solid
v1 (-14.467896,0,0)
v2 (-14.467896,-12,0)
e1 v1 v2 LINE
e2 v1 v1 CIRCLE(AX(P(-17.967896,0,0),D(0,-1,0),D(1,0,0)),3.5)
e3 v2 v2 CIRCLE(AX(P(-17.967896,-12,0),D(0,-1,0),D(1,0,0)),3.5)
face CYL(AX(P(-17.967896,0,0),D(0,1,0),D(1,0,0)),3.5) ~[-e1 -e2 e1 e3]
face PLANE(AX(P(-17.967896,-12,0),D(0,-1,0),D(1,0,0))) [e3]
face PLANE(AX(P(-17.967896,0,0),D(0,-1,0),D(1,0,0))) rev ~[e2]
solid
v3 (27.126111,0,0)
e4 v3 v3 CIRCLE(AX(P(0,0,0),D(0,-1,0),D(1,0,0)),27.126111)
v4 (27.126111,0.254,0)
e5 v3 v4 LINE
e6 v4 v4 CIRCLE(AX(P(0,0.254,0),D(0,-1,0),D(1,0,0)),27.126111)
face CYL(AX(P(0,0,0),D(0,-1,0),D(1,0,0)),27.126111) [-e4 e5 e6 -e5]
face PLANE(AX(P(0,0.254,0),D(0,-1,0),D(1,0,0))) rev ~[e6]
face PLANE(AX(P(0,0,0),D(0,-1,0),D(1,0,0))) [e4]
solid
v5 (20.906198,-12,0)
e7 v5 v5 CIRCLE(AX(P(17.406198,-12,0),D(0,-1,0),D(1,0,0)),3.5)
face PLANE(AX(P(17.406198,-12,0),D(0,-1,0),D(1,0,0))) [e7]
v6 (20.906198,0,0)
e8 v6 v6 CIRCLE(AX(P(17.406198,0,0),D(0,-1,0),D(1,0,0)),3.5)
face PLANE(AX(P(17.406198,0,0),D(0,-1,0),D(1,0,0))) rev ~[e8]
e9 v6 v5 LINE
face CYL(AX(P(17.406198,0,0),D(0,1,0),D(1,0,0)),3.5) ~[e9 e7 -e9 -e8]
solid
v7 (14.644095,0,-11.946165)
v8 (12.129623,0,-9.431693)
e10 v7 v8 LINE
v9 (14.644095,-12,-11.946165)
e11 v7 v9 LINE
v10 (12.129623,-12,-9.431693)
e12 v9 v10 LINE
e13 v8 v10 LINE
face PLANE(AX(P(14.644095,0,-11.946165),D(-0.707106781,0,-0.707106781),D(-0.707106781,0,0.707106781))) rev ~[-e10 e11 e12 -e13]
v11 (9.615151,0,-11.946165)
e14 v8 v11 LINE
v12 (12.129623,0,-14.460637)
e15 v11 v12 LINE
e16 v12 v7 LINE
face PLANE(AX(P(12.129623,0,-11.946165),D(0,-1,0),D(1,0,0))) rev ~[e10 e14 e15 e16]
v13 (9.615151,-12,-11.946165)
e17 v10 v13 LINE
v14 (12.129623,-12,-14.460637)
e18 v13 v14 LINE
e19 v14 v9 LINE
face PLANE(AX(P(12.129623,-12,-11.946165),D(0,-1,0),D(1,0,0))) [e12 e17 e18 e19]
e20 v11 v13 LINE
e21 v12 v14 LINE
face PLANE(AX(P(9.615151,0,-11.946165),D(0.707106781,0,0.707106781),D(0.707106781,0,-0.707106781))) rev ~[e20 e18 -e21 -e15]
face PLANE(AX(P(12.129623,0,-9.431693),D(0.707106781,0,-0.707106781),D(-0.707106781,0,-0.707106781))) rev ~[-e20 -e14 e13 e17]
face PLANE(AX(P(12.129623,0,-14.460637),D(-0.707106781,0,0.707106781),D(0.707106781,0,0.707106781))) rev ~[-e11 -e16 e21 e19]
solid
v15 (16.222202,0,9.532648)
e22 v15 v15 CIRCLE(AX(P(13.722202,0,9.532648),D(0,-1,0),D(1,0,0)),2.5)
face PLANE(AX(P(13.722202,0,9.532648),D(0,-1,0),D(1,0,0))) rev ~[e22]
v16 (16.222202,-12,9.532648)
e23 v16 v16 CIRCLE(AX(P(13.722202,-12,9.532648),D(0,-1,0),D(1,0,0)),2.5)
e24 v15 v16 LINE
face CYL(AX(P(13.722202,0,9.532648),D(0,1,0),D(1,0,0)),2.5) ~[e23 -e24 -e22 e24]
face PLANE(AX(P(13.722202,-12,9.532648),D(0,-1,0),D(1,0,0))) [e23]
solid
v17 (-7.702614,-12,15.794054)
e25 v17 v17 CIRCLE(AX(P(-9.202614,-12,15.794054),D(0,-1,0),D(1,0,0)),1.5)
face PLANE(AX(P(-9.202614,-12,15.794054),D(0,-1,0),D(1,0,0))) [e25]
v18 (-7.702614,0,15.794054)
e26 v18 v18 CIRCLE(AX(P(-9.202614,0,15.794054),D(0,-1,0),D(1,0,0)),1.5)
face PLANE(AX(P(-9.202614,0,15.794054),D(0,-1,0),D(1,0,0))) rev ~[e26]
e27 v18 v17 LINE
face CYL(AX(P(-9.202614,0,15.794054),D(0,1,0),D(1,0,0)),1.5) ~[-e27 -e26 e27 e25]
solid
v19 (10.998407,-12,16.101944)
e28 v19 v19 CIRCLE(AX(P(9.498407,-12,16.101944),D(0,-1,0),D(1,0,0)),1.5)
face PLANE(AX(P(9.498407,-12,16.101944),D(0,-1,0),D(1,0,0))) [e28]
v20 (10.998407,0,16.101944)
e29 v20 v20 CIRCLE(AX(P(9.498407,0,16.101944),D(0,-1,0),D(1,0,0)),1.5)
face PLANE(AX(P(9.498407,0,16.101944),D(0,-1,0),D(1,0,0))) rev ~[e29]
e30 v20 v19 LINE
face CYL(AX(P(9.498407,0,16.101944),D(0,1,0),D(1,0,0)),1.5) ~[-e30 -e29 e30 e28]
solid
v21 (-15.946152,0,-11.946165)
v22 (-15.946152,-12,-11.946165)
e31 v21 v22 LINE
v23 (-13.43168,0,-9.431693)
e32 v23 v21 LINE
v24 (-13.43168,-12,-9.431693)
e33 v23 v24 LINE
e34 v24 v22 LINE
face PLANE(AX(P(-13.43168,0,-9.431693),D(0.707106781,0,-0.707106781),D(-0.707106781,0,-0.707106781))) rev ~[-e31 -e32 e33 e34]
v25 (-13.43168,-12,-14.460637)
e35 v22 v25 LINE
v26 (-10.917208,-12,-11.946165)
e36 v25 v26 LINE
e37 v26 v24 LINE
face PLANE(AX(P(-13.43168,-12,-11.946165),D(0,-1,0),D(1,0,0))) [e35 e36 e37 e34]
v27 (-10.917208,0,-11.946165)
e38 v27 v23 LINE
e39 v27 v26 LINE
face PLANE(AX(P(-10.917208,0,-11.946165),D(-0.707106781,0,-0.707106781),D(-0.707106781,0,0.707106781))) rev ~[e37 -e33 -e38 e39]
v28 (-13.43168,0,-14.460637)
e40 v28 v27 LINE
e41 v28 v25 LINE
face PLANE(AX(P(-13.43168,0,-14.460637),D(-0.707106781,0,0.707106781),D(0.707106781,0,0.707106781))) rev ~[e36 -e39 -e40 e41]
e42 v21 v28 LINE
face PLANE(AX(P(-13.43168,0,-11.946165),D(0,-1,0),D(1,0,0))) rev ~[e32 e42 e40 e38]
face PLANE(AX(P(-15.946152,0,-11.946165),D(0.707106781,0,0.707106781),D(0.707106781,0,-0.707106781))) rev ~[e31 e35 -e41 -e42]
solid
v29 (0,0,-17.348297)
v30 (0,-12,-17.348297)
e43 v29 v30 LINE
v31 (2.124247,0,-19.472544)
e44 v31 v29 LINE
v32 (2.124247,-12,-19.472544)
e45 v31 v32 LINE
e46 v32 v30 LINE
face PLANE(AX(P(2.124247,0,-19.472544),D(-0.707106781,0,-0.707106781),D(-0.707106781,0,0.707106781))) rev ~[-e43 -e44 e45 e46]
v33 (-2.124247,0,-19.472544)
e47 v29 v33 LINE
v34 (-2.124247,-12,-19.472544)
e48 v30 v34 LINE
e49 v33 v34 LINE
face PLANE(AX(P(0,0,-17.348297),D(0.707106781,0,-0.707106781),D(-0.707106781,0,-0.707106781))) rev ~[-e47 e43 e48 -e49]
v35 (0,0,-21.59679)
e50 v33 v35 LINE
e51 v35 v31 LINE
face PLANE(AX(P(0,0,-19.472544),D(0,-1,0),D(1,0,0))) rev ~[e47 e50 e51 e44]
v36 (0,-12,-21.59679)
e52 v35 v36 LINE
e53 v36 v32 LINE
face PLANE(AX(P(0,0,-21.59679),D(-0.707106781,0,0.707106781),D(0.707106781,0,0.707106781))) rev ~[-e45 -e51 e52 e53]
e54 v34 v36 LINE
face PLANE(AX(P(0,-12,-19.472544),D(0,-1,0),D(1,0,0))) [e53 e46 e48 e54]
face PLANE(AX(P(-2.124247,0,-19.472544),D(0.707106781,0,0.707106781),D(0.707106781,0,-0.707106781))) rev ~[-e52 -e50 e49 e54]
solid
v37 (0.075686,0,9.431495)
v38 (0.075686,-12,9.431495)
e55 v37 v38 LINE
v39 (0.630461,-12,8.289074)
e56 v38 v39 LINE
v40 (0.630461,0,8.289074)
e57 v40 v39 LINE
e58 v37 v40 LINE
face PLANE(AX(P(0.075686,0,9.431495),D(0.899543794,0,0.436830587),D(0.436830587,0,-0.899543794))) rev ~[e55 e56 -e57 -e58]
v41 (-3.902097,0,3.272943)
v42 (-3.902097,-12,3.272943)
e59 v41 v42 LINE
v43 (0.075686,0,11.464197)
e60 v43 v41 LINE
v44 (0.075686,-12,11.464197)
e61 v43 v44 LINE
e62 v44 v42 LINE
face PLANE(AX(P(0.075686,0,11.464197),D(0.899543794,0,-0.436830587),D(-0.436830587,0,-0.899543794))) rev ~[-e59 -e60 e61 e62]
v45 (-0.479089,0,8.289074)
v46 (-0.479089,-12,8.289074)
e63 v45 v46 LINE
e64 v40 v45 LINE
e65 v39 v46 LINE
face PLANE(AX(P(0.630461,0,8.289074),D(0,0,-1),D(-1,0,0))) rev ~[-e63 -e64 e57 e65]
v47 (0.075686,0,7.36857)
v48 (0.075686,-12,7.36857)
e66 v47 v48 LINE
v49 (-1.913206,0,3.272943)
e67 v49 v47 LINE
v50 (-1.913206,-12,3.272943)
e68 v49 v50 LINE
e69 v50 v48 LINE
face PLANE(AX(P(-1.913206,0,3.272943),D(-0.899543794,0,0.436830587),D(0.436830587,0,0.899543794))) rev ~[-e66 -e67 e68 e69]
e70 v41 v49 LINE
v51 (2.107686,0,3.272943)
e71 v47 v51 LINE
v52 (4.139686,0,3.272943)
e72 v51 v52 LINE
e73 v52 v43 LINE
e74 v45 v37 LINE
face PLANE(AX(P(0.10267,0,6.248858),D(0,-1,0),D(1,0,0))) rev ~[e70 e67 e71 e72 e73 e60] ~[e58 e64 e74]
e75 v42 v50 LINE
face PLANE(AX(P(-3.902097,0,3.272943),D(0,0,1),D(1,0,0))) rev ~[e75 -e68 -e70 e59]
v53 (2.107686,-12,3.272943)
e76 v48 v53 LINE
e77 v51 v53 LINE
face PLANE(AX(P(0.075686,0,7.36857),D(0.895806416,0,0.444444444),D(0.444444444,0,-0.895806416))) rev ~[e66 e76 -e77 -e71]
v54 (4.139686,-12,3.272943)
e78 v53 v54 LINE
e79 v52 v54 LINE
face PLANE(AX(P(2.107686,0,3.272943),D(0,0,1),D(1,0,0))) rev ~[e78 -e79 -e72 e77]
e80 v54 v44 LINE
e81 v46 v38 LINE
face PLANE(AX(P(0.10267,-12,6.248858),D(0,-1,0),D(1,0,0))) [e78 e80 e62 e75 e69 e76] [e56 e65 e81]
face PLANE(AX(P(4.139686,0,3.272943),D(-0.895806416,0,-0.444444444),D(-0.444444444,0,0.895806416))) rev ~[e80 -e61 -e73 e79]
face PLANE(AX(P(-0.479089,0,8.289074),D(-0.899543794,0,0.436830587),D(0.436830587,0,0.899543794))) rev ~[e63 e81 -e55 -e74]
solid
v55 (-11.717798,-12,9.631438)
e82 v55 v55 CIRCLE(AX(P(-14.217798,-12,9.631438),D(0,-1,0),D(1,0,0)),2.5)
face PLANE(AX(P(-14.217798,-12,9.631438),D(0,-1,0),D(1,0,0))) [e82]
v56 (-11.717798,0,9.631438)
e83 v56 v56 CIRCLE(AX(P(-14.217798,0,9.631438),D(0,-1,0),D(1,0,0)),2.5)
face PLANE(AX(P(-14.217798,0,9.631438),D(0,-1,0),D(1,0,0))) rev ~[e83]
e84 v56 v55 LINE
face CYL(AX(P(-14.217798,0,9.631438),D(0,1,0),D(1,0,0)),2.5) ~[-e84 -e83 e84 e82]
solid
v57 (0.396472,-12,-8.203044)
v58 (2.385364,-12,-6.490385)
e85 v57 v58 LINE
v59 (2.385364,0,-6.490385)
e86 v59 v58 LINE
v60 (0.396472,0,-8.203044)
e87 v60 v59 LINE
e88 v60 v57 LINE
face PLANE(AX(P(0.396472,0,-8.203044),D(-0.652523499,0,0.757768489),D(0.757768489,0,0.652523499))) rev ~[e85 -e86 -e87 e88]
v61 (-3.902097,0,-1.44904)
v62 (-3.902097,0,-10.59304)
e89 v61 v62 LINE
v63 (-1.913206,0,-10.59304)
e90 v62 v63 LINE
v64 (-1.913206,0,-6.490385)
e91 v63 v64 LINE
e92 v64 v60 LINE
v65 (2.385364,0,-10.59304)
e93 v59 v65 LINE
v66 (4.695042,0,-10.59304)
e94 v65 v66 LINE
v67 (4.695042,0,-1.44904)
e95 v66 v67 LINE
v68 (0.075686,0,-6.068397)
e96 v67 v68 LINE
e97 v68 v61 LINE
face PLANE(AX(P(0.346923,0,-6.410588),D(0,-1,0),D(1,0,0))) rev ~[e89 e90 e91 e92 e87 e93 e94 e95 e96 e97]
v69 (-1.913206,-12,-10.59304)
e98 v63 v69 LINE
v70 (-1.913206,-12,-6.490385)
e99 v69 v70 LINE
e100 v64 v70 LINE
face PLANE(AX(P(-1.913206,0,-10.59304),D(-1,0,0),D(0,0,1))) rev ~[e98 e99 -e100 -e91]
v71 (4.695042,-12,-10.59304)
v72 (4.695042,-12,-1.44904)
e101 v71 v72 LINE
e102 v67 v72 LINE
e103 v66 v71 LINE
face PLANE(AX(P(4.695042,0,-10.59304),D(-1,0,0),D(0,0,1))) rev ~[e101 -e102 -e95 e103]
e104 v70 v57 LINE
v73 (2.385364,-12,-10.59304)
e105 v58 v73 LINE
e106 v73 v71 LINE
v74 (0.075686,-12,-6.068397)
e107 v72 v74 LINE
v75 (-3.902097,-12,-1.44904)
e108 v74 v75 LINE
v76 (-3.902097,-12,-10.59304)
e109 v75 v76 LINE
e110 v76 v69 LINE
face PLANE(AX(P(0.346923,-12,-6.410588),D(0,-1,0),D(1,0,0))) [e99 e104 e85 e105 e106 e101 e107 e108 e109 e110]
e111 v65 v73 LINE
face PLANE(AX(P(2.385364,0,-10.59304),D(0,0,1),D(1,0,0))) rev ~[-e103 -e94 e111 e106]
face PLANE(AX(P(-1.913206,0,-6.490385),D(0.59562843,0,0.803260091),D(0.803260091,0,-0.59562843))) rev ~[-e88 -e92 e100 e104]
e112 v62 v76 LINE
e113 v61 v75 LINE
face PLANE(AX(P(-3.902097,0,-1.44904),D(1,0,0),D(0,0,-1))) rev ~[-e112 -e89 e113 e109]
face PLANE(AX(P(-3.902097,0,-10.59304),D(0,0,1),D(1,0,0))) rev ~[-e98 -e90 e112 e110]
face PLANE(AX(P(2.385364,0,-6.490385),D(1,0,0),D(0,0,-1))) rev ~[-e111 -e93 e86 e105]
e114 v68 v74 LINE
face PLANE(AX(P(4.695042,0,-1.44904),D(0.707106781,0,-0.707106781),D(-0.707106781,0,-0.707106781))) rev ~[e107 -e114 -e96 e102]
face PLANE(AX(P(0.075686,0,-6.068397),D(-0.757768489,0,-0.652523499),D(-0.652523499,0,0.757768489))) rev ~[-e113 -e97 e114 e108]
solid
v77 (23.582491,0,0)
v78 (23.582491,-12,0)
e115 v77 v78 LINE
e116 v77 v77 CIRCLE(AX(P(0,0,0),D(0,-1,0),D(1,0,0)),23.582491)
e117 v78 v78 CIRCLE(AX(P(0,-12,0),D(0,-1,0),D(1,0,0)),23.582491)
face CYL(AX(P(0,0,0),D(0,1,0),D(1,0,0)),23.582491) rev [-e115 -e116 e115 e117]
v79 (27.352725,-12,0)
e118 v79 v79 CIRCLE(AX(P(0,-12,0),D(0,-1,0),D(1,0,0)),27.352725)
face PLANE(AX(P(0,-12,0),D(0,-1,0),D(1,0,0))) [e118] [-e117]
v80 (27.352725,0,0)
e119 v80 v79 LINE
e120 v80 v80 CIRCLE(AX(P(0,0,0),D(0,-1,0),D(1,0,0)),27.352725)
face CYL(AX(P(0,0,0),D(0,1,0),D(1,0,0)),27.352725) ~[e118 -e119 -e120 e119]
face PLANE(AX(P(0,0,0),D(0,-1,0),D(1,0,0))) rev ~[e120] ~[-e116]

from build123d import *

# Parameters (mm, degrees)
F0_R     = 3.5
F1_DEPTH = 12
F0_R_2   = 1.5
F0_R_3   = 2.5
F0_R_4   = 27.3527253219
F0_R_5   = 23.5824909137
F2_R     = 27.1261109812
F3_DEPTH = 0.254


with BuildPart() as f1:
    # F0 (on Front) → F1 (new body)
    with BuildSketch(Plane.XZ):
        with Locations((17.4061976158, 0)):
            Circle(F0_R)
    extrude(amount=F1_DEPTH)


with BuildPart() as f1b:
    # F0 (on Front) → F1, piece 2 (new body)
    with BuildSketch(Plane.XZ):
        with Locations((9.4984066482, 16.101944412)):
            Circle(F0_R_2)
    extrude(amount=F1_DEPTH)


with BuildPart() as f1c:
    # F0 (on Front) → F1, piece 3 (new body)
    with BuildSketch(Plane.XZ):
        with Locations((-9.2026143736, 15.7940543255)):
            Circle(F0_R_2)
    extrude(amount=F1_DEPTH)


with BuildPart() as f1d:
    # F0 (on Front) → F1, piece 4 (new body)
    with BuildSketch(Plane.XZ):
        with Locations((-14.2177977405, 9.6314383245)):
            Circle(F0_R_3)
    extrude(amount=F1_DEPTH)


with BuildPart() as f1e:
    # F0 (on Front) → F1, piece 5 (new body)
    with BuildSketch(Plane.XZ):
        with Locations((13.7222022595, 9.5326483588)):
            Circle(F0_R_3)
    extrude(amount=F1_DEPTH)


with BuildPart() as f1f:
    # F0 (on Front) → F1, piece 6 (new body)
    with BuildSketch(Plane.XZ):
        Circle(F0_R_4)
        Circle(F0_R_5, mode=Mode.SUBTRACT)
    extrude(amount=F1_DEPTH)


with BuildPart() as f1g:
    # F0 (on Front) → F1, piece 7 (new body)
    with BuildSketch(Plane.XZ):
        with Locations((-17.9678955535, 0)):
            Circle(F0_R)
    extrude(amount=F1_DEPTH)


with BuildPart() as f1h:
    # F0 (on Front) → F1, piece 8 (new body)
    with BuildSketch(Plane.XZ):
        Polygon((0.0756857552, -6.0683971426), (-3.9020974945, -1.4490404322), (-3.9020974945, -10.5930404322), (-1.9132058697, -10.5930404322), (-1.9132058697, -6.4903854548), (0.3964724856, -8.2030437937), (2.3853641104, -6.4903854548), (2.3853641104, -10.5930404322), (4.6950424656, -10.5930404322), (4.6950424656, -1.4490404322), align=None)
    extrude(amount=F1_DEPTH)


with BuildPart() as f1i:
    # F0 (on Front) → F1, piece 9 (new body)
    with BuildSketch(Plane.XZ):
        Polygon((12.1296229255, -9.431693289), (9.6151512116, -11.9461650029), (12.1296229255, -14.4606367168), (14.6440946394, -11.9461650029), align=None)
    extrude(amount=F1_DEPTH)


with BuildPart() as f1j:
    # F0 (on Front) → F1, piece 10 (new body)
    with BuildSketch(Plane.XZ):
        Polygon((2.1242466944, -19.4725436347), (0, -17.3482969403), (-2.1242466944, -19.4725436347), (0, -21.596790329), align=None)
    extrude(amount=F1_DEPTH)


with BuildPart() as f1k:
    # F0 (on Front) → F1, piece 11 (new body)
    with BuildSketch(Plane.XZ):
        Polygon((-10.9172082609, -11.9461650029), (-13.4316799748, -9.431693289), (-15.9461516887, -11.9461650029), (-13.4316799748, -14.4606367168), align=None)
    extrude(amount=F1_DEPTH)


with BuildPart() as f1l:
    # F0 (on Front) → F1, piece 12 (new body)
    with BuildSketch(Plane.XZ):
        Polygon((4.1396857552, 3.2729429626), (0.0756857552, 11.4641968348), (-3.9020974945, 3.2729429626), (-1.9132058697, 3.2729429626), (0.0756857552, 7.3685698987), (2.1076857552, 3.2729429626), align=None)
        Polygon((-0.4790890904, 8.2890743717), (0.0756857552, 9.4314949907), (0.6304606008, 8.2890743717), align=None, mode=Mode.SUBTRACT)
    extrude(amount=F1_DEPTH)


with BuildPart() as f3:
    # F2 (on Front) → F3 (new body)
    with BuildSketch(Plane.XZ):
        Circle(F2_R)
    extrude(amount=-F3_DEPTH)


solid = Compound([f1.part, f1b.part, f1c.part, f1d.part, f1e.part, f1f.part, f1g.part, f1h.part, f1i.part, f1j.part, f1k.part, f1l.part, f3.part])
